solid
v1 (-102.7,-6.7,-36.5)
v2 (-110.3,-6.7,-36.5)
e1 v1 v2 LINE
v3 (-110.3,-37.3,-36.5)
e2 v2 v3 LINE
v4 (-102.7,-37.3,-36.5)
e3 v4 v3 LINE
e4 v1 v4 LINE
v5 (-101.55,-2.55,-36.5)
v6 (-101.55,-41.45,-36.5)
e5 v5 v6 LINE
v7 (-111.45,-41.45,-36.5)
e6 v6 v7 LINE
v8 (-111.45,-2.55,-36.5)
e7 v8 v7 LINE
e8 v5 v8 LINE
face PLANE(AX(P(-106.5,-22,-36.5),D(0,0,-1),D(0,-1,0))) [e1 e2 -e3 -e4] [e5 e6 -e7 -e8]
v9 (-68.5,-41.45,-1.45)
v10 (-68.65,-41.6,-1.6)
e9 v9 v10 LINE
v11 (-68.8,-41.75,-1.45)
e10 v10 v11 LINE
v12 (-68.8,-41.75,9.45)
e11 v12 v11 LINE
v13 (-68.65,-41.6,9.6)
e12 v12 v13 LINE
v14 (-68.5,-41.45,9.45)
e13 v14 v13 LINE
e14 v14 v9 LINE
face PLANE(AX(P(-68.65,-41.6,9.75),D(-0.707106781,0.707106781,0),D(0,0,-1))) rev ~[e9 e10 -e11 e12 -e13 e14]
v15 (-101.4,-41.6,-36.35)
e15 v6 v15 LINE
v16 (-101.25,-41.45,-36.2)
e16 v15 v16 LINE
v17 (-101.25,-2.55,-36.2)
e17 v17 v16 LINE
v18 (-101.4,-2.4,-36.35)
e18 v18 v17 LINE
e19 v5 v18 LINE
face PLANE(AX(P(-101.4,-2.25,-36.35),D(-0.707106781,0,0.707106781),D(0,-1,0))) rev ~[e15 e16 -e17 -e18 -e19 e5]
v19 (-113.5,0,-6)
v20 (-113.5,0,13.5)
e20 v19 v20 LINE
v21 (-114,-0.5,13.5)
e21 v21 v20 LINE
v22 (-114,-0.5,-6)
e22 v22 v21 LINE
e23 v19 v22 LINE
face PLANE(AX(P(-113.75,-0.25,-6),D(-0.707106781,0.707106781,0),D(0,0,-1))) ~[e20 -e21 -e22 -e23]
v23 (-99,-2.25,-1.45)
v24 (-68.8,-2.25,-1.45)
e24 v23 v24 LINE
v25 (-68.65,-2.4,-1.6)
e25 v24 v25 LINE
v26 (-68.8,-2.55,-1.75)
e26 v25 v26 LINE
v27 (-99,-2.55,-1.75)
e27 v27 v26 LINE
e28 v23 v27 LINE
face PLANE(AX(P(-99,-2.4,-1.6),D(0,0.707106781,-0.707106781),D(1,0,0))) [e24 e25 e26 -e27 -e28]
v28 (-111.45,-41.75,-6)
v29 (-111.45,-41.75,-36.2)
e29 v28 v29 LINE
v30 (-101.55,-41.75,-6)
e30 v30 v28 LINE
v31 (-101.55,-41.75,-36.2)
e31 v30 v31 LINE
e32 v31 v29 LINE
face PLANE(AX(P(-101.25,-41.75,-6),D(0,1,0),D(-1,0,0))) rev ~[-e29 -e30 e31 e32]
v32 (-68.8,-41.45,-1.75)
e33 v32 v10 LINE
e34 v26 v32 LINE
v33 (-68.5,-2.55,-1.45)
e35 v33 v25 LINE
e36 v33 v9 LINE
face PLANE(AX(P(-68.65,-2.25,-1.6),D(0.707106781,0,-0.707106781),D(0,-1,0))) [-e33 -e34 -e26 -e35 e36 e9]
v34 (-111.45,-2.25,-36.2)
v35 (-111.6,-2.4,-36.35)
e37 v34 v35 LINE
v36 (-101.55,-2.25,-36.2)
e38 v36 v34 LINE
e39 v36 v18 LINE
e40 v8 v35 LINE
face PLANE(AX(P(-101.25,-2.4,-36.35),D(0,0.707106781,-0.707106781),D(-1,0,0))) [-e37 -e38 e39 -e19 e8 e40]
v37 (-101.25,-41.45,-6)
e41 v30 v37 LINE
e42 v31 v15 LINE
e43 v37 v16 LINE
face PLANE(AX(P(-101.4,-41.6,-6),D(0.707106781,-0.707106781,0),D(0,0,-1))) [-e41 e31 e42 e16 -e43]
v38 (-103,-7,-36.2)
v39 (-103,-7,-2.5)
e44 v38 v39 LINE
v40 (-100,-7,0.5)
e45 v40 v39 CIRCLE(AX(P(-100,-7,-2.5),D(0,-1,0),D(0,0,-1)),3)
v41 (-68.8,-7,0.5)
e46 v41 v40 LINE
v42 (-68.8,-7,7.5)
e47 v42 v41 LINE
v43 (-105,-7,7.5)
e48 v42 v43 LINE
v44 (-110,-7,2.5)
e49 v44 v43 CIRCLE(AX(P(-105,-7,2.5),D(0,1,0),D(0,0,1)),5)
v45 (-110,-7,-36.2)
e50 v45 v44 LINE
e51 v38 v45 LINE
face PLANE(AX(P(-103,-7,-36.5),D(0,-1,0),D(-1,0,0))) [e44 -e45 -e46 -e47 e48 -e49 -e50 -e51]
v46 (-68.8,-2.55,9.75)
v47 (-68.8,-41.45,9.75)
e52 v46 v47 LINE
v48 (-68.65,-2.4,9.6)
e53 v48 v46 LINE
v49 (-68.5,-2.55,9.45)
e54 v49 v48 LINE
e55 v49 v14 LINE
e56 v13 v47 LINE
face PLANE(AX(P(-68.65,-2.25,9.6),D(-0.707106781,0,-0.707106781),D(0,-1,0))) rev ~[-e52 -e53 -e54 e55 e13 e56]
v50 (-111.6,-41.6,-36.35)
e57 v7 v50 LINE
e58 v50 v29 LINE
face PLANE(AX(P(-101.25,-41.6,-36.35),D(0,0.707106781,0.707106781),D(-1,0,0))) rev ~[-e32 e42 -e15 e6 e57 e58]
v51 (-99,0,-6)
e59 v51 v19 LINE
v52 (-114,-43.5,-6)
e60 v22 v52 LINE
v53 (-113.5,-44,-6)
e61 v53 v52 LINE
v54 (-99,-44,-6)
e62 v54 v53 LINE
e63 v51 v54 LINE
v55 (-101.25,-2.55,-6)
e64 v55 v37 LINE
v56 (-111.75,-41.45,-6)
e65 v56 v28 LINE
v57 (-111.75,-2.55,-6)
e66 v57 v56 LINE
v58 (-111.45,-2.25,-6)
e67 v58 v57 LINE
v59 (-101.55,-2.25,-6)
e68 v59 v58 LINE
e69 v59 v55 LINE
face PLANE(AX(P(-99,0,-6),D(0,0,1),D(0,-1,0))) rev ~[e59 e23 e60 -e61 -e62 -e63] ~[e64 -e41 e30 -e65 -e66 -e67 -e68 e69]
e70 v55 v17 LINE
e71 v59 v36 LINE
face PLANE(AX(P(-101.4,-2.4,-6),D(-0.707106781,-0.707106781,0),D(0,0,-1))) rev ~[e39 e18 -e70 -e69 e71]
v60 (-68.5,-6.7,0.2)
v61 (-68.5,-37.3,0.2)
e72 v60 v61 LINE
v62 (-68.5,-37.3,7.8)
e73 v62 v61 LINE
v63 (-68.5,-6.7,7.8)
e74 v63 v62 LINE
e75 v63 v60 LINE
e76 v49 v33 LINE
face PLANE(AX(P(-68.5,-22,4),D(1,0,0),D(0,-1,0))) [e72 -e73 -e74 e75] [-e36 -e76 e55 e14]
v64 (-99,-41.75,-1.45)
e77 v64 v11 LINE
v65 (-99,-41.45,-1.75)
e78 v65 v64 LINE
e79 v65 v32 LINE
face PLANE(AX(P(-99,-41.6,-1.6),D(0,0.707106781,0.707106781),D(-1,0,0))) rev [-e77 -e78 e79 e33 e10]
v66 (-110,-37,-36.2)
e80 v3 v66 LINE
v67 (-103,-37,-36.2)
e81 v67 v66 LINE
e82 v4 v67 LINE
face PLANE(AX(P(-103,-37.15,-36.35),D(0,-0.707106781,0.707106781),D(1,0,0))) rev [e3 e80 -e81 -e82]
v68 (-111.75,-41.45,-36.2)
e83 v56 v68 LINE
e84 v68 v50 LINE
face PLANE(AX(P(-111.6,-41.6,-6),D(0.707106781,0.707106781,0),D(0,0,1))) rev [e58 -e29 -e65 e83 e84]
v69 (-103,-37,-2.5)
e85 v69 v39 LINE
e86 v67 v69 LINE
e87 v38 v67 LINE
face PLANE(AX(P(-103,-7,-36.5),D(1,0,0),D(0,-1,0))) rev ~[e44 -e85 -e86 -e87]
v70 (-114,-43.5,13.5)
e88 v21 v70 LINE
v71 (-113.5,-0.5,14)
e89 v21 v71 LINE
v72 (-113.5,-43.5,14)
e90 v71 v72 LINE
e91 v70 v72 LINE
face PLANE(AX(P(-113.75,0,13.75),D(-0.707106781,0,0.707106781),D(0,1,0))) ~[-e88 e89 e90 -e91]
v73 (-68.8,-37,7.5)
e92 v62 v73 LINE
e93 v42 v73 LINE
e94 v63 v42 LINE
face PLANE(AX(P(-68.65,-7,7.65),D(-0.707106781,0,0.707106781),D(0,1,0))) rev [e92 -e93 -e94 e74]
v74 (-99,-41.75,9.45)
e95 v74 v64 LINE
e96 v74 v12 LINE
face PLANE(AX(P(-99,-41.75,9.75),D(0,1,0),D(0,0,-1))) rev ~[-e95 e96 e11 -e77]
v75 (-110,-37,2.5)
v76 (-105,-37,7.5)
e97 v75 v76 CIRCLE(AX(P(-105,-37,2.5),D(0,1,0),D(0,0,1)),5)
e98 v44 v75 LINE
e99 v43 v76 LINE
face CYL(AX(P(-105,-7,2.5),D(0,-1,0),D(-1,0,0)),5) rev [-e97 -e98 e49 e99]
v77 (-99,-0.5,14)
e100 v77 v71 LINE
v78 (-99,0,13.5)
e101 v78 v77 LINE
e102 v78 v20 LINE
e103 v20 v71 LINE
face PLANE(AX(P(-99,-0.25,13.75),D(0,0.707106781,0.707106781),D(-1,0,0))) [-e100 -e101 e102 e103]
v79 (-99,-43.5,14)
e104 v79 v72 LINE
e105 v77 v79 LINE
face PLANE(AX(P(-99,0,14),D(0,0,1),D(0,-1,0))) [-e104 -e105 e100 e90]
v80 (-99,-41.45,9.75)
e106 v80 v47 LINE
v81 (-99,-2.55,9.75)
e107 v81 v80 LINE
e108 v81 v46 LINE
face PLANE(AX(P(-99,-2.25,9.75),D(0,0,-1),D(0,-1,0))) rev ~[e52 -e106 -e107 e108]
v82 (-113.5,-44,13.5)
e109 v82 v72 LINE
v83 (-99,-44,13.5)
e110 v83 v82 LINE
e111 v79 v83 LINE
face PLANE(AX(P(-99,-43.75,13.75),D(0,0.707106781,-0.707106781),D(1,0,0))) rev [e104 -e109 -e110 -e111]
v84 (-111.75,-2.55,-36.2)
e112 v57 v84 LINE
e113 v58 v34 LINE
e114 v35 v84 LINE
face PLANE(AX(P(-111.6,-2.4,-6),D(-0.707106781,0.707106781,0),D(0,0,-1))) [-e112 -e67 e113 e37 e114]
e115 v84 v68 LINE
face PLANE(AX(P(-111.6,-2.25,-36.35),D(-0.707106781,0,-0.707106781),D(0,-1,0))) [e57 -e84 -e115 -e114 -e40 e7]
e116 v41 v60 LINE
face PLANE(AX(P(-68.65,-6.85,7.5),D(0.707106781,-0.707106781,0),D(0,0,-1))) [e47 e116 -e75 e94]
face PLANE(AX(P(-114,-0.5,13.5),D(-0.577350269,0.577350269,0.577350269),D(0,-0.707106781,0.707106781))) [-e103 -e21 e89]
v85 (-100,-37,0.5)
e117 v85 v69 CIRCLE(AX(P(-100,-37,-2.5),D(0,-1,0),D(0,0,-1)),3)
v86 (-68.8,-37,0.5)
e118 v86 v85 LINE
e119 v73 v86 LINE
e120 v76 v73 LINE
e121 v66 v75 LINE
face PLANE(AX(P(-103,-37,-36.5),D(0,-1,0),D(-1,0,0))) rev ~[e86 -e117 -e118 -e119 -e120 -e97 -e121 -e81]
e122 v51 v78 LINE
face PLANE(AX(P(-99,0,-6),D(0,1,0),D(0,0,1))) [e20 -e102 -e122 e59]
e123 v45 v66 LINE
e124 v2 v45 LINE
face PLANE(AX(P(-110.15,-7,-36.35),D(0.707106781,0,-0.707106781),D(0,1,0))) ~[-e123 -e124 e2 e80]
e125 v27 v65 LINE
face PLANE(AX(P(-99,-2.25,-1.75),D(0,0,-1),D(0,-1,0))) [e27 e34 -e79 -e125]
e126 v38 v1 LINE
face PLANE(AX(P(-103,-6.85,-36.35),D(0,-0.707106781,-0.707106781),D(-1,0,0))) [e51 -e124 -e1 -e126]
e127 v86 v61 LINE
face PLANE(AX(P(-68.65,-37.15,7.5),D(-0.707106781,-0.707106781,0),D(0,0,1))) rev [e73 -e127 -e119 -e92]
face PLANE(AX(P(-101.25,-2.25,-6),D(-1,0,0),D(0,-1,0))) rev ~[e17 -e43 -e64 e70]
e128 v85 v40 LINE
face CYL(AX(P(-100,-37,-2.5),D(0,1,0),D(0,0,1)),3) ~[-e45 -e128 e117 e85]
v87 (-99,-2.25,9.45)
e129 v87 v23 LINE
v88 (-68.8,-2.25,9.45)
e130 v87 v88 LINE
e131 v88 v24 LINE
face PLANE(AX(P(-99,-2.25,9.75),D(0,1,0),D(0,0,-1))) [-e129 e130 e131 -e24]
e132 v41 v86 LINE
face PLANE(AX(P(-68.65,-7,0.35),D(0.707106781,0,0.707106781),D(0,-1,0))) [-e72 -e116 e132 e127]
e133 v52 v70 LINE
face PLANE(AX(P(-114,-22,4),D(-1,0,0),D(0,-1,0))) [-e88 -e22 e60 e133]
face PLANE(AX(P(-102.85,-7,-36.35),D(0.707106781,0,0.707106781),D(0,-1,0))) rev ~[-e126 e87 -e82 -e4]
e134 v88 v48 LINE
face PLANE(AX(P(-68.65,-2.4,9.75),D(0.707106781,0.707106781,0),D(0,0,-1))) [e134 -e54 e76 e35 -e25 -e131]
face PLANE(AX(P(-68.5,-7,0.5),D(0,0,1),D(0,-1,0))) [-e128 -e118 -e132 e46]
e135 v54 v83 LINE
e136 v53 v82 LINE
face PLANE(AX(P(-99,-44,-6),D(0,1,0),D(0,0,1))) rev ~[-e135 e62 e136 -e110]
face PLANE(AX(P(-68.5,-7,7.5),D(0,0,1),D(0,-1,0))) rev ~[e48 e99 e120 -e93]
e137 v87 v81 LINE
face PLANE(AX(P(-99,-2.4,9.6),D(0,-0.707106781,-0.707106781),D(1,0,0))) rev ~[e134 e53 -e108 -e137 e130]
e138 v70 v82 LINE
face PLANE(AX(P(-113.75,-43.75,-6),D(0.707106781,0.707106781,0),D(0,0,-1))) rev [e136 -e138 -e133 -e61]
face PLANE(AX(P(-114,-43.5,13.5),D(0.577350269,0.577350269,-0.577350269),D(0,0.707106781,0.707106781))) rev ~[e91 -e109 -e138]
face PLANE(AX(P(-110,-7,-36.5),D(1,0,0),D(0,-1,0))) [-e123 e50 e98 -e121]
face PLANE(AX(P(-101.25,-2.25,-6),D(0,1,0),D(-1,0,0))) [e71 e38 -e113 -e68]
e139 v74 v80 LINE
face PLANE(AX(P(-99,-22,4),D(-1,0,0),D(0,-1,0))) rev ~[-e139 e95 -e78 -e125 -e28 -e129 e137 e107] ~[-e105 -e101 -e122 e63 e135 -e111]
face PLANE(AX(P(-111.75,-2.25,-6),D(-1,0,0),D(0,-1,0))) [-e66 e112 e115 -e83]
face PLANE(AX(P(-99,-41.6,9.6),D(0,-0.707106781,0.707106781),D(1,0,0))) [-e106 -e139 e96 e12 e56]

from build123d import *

# Parameters (mm, degrees)
SKETCH068_W             = 44
SKETCH068_H             = 20
PAD035_DEPTH            = 15
SKETCH069_W             = 39.5
SKETCH069_H             = 11.5
PAD036_DEPTH            = 30.5
SKETCH070_W             = 30
SKETCH070_H             = 7
POCKET025_DEPTH         = 41.5
SKETCH071_W             = 39.5
SKETCH071_H             = 10.5
PAD037_DEPTH            = 30.5
SKETCH072_W             = 30
SKETCH072_H             = 7
POCKET026_DEPTH         = 44
FILLET008_R             = 5
FILLET009_R             = 3
CHAMFER039_SIZE         = 0.3
CHAMFER040_SIZE         = 0.5
CHAMFER041_SIZE         = 0.3
BODY013_PLACEMENT_ANGLE = 180


with BuildPart() as part:
    # Sketch068 → Pad035 (new body)
    with BuildSketch(Plane.YZ):
        Rectangle(SKETCH068_W, SKETCH068_H)
    extrude(amount=PAD035_DEPTH)

    # Sketch069 (on DatumPlane) → Pad036 (join)
    with BuildSketch(Plane(origin=(0, 0, 0), x_dir=(0, 1, 0), z_dir=(-1, 0, 0))):
        Rectangle(SKETCH069_W, SKETCH069_H)
    extrude(amount=PAD036_DEPTH)

    # Sketch070 (on Face11 of Pad036) → Pocket025 (cut)
    with BuildSketch(Plane(origin=(-30.5, 0, 0), x_dir=(0, 1, 0), z_dir=(-1, 0, 0))):
        Rectangle(SKETCH070_W, SKETCH070_H)
    extrude(amount=-POCKET025_DEPTH, mode=Mode.SUBTRACT)

    # Sketch071 (on DatumPlane) → Pad037 (join)
    with BuildSketch(Plane.YX.offset(10)):
        with Locations((0, 7.5)):
            Rectangle(SKETCH071_W, SKETCH071_H)
    extrude(amount=PAD037_DEPTH)

    # Sketch072 (on Face16 of Pad037) → Pocket026 (cut)
    with BuildSketch(Plane.YX.offset(40.5)):
        with Locations((0, 7.5)):
            Rectangle(SKETCH072_W, SKETCH072_H)
    extrude(amount=-POCKET026_DEPTH, mode=Mode.SUBTRACT)

    # Fillet008
    fillet008_edges = [part.edges().sort_by_distance(p)[0] for p in [
        (11, 0, 3.5),
    ]]
    fillet(fillet008_edges, radius=FILLET008_R)

    # Fillet009
    fillet009_edges = [part.edges().sort_by_distance(p)[0] for p in [
        (4, 0, -3.5),
    ]]
    fillet(fillet009_edges, radius=FILLET009_R)

    # Chamfer039
    chamfer039_edges = [part.edges().sort_by_distance(p)[0] for p in [
        (-30.5, 0, -5.75),
        (-30.5, -19.75, 0),
        (-30.5, 19.75, 0),
        (-30.5, 0, 5.75),
        (-30.5, 0, -3.5),
        (-30.5, 15, 0),
        (-30.5, 0, 3.5),
        (-30.5, -15, 0),
        (12.75, 0, -40.5),
        (7.5, -19.75, -40.5),
        (7.5, 19.75, -40.5),
        (2.25, 0, -40.5),
        (11, 0, -40.5),
        (7.5, 15, -40.5),
        (4, 0, -40.5),
        (7.5, -15, -40.5),
    ]]
    chamfer(chamfer039_edges, length=CHAMFER039_SIZE)

    # Chamfer040
    chamfer040_edges = [part.edges().sort_by_distance(p)[0] for p in [
        (7.5, -22, 10),
        (15, -22, 0),
        (7.5, 22, 10),
        (15, 22, 0),
        (15, 0, 10),
    ]]
    chamfer(chamfer040_edges, length=CHAMFER040_SIZE)

    # Chamfer041
    chamfer041_edges = [part.edges().sort_by_distance(p)[0] for p in [
        (-15.1, -19.75, 5.75),
        (-15.1, -19.75, -5.75),
        (-15.1, 19.75, 5.75),
        (-15.1, 19.75, -5.75),
        (2.25, 19.75, -25.1),
        (12.75, 19.75, -25.1),
        (12.75, -19.75, -25.1),
        (2.25, -19.75, -25.1),
    ]]
    chamfer(chamfer041_edges, length=CHAMFER041_SIZE)


with BuildPart() as part_1:
    # Body013 placement: moved
    add(part.part.moved(Location((-99, -22, 4))).rotate(Axis((-99, -22, 4), (0, 0, 1)), BODY013_PLACEMENT_ANGLE))


solid = part_1.part
